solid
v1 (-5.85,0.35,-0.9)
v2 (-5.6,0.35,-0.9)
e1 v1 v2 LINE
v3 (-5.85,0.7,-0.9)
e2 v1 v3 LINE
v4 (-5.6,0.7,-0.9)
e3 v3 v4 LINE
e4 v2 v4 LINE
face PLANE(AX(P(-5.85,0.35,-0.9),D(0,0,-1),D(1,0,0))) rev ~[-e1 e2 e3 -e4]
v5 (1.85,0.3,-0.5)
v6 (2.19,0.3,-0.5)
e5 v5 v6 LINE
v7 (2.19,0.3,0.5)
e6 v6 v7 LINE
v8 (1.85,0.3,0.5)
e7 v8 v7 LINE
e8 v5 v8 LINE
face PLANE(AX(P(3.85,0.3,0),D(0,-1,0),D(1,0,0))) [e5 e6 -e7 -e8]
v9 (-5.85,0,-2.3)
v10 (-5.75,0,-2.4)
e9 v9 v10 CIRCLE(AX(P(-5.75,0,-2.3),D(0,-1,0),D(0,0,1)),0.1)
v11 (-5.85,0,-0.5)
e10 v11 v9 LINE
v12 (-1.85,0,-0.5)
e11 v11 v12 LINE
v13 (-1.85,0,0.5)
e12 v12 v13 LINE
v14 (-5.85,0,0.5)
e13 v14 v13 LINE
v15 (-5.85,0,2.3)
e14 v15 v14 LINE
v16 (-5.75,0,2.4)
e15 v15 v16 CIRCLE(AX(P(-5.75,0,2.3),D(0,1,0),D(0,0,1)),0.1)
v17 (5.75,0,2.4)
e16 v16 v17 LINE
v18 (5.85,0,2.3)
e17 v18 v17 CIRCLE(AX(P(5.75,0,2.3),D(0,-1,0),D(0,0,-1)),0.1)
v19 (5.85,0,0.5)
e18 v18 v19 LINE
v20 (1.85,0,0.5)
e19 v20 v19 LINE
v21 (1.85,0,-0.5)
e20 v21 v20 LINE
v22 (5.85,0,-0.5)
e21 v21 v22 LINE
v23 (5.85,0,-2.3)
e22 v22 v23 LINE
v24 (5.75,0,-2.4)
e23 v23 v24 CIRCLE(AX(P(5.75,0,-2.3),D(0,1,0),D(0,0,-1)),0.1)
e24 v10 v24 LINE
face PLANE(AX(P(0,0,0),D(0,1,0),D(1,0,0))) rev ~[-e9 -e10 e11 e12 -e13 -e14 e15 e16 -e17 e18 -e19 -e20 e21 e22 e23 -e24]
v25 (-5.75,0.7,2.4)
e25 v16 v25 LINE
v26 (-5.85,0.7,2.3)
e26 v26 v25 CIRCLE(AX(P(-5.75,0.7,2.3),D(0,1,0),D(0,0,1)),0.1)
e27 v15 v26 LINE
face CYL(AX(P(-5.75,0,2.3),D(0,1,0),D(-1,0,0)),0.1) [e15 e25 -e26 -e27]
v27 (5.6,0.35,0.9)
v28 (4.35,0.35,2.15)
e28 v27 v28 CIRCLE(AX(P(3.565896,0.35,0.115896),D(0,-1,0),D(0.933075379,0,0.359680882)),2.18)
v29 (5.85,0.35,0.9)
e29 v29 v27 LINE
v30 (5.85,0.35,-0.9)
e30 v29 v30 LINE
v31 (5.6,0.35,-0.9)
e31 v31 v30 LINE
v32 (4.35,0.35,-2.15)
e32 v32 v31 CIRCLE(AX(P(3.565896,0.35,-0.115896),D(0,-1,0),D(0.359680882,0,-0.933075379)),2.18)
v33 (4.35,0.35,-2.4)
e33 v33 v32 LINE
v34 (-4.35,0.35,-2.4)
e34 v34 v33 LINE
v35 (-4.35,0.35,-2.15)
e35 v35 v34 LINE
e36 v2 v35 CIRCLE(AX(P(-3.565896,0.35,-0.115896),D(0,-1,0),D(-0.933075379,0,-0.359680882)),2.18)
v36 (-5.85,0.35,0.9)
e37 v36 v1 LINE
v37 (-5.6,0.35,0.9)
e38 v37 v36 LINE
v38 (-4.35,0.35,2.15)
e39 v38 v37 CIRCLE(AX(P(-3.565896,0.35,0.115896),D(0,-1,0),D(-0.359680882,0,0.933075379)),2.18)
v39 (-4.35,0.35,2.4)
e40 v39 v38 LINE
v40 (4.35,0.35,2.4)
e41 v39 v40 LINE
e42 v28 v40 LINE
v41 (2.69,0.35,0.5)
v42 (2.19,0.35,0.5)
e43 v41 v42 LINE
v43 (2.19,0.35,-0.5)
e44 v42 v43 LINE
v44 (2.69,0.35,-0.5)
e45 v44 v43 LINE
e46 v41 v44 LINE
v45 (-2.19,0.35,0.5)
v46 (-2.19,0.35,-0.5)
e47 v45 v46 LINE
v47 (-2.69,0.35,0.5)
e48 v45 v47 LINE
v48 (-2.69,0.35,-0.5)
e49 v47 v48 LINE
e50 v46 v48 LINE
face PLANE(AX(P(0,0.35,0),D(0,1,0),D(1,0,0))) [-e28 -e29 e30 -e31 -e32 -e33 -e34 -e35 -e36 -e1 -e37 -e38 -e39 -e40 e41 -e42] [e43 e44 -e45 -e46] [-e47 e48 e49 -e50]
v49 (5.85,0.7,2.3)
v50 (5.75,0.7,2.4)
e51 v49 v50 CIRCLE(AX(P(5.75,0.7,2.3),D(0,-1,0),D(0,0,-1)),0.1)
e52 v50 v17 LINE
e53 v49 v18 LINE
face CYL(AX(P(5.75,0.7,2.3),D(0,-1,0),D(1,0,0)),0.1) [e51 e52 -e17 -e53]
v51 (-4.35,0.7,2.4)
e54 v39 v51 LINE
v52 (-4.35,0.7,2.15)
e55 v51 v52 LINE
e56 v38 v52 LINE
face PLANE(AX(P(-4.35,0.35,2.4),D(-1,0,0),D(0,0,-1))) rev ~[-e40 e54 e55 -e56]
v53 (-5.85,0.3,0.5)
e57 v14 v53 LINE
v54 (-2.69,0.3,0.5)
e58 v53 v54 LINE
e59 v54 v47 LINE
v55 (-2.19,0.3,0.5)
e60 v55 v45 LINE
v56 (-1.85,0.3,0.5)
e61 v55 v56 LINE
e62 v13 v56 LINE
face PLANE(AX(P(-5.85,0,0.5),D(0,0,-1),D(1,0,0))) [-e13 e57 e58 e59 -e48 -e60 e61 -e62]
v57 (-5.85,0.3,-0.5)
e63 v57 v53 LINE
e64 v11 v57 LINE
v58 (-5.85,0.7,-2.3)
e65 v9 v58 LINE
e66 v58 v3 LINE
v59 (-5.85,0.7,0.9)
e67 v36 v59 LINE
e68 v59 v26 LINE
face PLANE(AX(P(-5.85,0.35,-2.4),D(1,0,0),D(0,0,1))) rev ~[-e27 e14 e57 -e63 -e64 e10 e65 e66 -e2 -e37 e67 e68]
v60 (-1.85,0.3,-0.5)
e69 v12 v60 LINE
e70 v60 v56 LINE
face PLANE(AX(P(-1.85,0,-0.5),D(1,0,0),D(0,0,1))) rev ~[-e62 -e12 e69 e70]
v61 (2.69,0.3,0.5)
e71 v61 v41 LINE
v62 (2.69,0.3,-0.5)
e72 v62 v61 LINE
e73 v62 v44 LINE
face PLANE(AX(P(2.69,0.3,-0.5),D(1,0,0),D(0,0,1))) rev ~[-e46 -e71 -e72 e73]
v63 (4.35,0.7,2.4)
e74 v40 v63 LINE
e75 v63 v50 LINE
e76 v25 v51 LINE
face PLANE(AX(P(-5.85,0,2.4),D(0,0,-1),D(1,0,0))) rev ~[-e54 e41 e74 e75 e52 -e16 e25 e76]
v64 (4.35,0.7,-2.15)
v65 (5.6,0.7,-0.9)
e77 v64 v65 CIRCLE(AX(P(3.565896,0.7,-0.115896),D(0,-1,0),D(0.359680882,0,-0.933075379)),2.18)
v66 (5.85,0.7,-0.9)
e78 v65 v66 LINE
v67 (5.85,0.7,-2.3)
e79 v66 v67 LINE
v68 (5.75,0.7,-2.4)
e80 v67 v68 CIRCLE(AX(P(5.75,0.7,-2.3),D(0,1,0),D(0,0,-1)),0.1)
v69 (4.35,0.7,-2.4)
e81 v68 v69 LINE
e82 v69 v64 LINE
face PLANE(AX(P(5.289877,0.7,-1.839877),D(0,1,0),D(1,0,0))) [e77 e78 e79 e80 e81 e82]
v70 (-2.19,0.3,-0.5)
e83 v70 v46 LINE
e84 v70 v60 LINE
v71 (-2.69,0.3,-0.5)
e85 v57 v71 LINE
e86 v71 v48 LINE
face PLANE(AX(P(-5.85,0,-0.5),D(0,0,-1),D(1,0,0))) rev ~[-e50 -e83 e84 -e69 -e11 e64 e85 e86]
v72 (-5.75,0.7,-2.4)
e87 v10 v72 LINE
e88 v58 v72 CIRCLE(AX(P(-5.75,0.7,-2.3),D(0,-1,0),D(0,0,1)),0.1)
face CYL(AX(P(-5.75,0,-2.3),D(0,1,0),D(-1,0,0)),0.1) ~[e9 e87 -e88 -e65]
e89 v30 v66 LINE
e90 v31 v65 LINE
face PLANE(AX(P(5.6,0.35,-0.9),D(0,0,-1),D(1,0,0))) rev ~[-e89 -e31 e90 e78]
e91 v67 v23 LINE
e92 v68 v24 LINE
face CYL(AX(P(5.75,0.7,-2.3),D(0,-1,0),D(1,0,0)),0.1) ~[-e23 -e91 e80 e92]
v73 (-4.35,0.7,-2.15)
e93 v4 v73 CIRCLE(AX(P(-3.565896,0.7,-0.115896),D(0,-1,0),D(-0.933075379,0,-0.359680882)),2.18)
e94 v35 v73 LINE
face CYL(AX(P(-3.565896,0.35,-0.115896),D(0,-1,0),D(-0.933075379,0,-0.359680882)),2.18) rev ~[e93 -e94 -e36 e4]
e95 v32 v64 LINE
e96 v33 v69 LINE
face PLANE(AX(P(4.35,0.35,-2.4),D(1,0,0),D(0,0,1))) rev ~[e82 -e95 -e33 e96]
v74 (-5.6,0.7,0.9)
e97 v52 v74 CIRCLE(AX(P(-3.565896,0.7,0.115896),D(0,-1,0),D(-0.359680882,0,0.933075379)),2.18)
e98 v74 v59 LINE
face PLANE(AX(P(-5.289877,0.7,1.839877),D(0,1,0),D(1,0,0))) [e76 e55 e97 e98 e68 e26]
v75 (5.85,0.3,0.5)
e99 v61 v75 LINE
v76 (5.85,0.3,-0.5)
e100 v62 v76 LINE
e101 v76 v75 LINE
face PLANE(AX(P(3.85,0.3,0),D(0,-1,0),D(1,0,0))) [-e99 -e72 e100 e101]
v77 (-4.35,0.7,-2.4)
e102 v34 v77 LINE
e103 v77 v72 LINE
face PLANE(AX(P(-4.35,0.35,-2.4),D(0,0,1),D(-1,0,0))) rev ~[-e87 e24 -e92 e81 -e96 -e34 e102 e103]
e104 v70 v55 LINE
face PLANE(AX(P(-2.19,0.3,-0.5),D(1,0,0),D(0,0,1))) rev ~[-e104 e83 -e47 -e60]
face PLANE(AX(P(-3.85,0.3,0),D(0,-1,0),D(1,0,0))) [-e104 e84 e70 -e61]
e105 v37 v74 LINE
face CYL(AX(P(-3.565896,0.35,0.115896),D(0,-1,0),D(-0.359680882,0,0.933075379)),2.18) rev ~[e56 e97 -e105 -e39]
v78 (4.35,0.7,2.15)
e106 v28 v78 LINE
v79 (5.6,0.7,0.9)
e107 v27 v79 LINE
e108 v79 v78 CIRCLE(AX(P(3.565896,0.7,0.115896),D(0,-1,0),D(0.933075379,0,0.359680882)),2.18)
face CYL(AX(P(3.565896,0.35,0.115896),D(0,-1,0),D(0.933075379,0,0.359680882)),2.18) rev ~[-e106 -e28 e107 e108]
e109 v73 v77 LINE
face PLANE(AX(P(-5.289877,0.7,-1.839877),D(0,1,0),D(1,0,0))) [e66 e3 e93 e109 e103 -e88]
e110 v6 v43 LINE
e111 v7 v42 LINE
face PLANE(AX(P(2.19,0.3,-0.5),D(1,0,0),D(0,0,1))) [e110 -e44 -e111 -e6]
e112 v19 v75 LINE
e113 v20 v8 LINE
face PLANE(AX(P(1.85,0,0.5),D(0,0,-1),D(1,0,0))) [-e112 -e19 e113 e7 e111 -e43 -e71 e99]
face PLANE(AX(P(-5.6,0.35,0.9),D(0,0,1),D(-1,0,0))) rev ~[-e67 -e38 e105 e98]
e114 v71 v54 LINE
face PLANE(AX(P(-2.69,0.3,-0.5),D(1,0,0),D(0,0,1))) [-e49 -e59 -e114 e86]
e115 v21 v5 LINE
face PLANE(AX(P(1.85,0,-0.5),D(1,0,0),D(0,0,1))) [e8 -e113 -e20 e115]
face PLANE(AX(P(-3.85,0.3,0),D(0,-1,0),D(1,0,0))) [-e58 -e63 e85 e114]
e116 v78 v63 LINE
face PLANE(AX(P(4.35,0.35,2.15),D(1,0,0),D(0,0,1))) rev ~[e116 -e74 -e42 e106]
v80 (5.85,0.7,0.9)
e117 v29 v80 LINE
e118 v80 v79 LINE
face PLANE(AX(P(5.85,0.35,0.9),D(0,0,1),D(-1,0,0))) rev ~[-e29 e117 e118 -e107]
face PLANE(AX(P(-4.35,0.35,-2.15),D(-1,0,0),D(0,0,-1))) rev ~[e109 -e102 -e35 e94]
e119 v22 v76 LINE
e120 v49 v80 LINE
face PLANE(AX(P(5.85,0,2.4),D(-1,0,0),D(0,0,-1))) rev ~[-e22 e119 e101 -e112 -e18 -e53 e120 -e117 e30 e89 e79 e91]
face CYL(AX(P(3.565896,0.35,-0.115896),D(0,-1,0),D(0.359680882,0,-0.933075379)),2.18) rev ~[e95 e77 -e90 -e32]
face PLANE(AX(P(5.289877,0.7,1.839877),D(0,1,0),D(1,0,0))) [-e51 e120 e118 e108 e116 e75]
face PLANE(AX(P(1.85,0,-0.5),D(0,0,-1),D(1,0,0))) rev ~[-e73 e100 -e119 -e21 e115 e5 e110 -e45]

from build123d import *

# Parameters (mm, degrees)
SKETCH1_W           = 11.7
SKETCH1_H           = 4.8
BOSS_EXTRUDE1_DEPTH = 0.35
SKETCH2_W           = 4
SKETCH2_H           = 1
CUT_EXTRUDE2_DEPTH  = 0.3
BOSS_EXTRUDE3_DEPTH = 0.35
FILLET2_R           = 0.1
SKETCH6_W           = 0.5
SKETCH6_H           = 1
CUT_EXTRUDE3_DEPTH  = 1


with BuildPart() as part:
    # Sketch1 → Boss-Extrude1 (new body)
    with BuildSketch(Plane(origin=(0, 0, 0), x_dir=(1, 0, 0), z_dir=(0, 1, 0))):
        Rectangle(SKETCH1_W, SKETCH1_H)
    extrude(amount=BOSS_EXTRUDE1_DEPTH)

    # Sketch2 → Cut-Extrude2 (cut)
    with BuildSketch(Plane.XZ):
        with Locations((-3.85, 0)):
            Rectangle(SKETCH2_W, SKETCH2_H)
        with Locations((3.85, 0)):
            Rectangle(SKETCH2_W, SKETCH2_H)
    extrude(amount=-CUT_EXTRUDE2_DEPTH, mode=Mode.SUBTRACT)

    # Sketch4 → Boss-Extrude3 (add)
    with BuildSketch(Plane(origin=(0, 0.35, 0), x_dir=(1, 0, 0), z_dir=(0, 1, 0))):
        with BuildLine():
            Line((-4.35, 2.15), (-4.35, 2.4))
            Line((-4.35, 2.4), (-5.85, 2.4))
            Line((-5.85, 2.4), (-5.85, 0.9))
            Line((-5.85, 0.9), (-5.6, 0.9))
            ThreePointArc((-5.6, 0.9), (-5.107388458, 1.657388458), (-4.35, 2.15))
        make_face()
        with BuildLine():
            Line((5.85, 2.4), (4.35, 2.4))
            Line((4.35, 2.4), (4.35, 2.15))
            ThreePointArc((4.35, 2.15), (5.107388458, 1.657388458), (5.6, 0.9))
            Line((5.6, 0.9), (5.85, 0.9))
            Line((5.85, 0.9), (5.85, 2.4))
        make_face()
        with BuildLine():
            Line((4.35, -2.15), (4.35, -2.4))
            Line((4.35, -2.4), (5.85, -2.4))
            Line((5.85, -2.4), (5.85, -0.9))
            Line((5.85, -0.9), (5.6, -0.9))
            ThreePointArc((5.6, -0.9), (5.107388458, -1.657388458), (4.35, -2.15))
        make_face()
        with BuildLine():
            Line((-5.85, -2.4), (-4.35, -2.4))
            Line((-4.35, -2.4), (-4.35, -2.15))
            ThreePointArc((-4.35, -2.15), (-5.107388458, -1.657388458), (-5.6, -0.9))
            Line((-5.6, -0.9), (-5.85, -0.9))
            Line((-5.85, -0.9), (-5.85, -2.4))
        make_face()
    extrude(amount=BOSS_EXTRUDE3_DEPTH)

    # Fillet2
    fillet2_edges = [part.edges().sort_by_distance(p)[0] for p in [
        (5.85, 0.35, 2.4),
        (-5.85, 0.35, 2.4),
        (-5.85, 0.35, -2.4),
        (5.85, 0.35, -2.4),
    ]]
    fillet(fillet2_edges, radius=FILLET2_R)

    # Sketch6 → Cut-Extrude3 (cut)
    with BuildSketch(Plane.XZ.offset(-0.3)):
        with Locations((2.44, 0)):
            Rectangle(SKETCH6_W, SKETCH6_H)
        with Locations((-2.44, 0)):
            Rectangle(SKETCH6_W, SKETCH6_H)
    extrude(amount=-CUT_EXTRUDE3_DEPTH, mode=Mode.SUBTRACT)


solid = part.part
